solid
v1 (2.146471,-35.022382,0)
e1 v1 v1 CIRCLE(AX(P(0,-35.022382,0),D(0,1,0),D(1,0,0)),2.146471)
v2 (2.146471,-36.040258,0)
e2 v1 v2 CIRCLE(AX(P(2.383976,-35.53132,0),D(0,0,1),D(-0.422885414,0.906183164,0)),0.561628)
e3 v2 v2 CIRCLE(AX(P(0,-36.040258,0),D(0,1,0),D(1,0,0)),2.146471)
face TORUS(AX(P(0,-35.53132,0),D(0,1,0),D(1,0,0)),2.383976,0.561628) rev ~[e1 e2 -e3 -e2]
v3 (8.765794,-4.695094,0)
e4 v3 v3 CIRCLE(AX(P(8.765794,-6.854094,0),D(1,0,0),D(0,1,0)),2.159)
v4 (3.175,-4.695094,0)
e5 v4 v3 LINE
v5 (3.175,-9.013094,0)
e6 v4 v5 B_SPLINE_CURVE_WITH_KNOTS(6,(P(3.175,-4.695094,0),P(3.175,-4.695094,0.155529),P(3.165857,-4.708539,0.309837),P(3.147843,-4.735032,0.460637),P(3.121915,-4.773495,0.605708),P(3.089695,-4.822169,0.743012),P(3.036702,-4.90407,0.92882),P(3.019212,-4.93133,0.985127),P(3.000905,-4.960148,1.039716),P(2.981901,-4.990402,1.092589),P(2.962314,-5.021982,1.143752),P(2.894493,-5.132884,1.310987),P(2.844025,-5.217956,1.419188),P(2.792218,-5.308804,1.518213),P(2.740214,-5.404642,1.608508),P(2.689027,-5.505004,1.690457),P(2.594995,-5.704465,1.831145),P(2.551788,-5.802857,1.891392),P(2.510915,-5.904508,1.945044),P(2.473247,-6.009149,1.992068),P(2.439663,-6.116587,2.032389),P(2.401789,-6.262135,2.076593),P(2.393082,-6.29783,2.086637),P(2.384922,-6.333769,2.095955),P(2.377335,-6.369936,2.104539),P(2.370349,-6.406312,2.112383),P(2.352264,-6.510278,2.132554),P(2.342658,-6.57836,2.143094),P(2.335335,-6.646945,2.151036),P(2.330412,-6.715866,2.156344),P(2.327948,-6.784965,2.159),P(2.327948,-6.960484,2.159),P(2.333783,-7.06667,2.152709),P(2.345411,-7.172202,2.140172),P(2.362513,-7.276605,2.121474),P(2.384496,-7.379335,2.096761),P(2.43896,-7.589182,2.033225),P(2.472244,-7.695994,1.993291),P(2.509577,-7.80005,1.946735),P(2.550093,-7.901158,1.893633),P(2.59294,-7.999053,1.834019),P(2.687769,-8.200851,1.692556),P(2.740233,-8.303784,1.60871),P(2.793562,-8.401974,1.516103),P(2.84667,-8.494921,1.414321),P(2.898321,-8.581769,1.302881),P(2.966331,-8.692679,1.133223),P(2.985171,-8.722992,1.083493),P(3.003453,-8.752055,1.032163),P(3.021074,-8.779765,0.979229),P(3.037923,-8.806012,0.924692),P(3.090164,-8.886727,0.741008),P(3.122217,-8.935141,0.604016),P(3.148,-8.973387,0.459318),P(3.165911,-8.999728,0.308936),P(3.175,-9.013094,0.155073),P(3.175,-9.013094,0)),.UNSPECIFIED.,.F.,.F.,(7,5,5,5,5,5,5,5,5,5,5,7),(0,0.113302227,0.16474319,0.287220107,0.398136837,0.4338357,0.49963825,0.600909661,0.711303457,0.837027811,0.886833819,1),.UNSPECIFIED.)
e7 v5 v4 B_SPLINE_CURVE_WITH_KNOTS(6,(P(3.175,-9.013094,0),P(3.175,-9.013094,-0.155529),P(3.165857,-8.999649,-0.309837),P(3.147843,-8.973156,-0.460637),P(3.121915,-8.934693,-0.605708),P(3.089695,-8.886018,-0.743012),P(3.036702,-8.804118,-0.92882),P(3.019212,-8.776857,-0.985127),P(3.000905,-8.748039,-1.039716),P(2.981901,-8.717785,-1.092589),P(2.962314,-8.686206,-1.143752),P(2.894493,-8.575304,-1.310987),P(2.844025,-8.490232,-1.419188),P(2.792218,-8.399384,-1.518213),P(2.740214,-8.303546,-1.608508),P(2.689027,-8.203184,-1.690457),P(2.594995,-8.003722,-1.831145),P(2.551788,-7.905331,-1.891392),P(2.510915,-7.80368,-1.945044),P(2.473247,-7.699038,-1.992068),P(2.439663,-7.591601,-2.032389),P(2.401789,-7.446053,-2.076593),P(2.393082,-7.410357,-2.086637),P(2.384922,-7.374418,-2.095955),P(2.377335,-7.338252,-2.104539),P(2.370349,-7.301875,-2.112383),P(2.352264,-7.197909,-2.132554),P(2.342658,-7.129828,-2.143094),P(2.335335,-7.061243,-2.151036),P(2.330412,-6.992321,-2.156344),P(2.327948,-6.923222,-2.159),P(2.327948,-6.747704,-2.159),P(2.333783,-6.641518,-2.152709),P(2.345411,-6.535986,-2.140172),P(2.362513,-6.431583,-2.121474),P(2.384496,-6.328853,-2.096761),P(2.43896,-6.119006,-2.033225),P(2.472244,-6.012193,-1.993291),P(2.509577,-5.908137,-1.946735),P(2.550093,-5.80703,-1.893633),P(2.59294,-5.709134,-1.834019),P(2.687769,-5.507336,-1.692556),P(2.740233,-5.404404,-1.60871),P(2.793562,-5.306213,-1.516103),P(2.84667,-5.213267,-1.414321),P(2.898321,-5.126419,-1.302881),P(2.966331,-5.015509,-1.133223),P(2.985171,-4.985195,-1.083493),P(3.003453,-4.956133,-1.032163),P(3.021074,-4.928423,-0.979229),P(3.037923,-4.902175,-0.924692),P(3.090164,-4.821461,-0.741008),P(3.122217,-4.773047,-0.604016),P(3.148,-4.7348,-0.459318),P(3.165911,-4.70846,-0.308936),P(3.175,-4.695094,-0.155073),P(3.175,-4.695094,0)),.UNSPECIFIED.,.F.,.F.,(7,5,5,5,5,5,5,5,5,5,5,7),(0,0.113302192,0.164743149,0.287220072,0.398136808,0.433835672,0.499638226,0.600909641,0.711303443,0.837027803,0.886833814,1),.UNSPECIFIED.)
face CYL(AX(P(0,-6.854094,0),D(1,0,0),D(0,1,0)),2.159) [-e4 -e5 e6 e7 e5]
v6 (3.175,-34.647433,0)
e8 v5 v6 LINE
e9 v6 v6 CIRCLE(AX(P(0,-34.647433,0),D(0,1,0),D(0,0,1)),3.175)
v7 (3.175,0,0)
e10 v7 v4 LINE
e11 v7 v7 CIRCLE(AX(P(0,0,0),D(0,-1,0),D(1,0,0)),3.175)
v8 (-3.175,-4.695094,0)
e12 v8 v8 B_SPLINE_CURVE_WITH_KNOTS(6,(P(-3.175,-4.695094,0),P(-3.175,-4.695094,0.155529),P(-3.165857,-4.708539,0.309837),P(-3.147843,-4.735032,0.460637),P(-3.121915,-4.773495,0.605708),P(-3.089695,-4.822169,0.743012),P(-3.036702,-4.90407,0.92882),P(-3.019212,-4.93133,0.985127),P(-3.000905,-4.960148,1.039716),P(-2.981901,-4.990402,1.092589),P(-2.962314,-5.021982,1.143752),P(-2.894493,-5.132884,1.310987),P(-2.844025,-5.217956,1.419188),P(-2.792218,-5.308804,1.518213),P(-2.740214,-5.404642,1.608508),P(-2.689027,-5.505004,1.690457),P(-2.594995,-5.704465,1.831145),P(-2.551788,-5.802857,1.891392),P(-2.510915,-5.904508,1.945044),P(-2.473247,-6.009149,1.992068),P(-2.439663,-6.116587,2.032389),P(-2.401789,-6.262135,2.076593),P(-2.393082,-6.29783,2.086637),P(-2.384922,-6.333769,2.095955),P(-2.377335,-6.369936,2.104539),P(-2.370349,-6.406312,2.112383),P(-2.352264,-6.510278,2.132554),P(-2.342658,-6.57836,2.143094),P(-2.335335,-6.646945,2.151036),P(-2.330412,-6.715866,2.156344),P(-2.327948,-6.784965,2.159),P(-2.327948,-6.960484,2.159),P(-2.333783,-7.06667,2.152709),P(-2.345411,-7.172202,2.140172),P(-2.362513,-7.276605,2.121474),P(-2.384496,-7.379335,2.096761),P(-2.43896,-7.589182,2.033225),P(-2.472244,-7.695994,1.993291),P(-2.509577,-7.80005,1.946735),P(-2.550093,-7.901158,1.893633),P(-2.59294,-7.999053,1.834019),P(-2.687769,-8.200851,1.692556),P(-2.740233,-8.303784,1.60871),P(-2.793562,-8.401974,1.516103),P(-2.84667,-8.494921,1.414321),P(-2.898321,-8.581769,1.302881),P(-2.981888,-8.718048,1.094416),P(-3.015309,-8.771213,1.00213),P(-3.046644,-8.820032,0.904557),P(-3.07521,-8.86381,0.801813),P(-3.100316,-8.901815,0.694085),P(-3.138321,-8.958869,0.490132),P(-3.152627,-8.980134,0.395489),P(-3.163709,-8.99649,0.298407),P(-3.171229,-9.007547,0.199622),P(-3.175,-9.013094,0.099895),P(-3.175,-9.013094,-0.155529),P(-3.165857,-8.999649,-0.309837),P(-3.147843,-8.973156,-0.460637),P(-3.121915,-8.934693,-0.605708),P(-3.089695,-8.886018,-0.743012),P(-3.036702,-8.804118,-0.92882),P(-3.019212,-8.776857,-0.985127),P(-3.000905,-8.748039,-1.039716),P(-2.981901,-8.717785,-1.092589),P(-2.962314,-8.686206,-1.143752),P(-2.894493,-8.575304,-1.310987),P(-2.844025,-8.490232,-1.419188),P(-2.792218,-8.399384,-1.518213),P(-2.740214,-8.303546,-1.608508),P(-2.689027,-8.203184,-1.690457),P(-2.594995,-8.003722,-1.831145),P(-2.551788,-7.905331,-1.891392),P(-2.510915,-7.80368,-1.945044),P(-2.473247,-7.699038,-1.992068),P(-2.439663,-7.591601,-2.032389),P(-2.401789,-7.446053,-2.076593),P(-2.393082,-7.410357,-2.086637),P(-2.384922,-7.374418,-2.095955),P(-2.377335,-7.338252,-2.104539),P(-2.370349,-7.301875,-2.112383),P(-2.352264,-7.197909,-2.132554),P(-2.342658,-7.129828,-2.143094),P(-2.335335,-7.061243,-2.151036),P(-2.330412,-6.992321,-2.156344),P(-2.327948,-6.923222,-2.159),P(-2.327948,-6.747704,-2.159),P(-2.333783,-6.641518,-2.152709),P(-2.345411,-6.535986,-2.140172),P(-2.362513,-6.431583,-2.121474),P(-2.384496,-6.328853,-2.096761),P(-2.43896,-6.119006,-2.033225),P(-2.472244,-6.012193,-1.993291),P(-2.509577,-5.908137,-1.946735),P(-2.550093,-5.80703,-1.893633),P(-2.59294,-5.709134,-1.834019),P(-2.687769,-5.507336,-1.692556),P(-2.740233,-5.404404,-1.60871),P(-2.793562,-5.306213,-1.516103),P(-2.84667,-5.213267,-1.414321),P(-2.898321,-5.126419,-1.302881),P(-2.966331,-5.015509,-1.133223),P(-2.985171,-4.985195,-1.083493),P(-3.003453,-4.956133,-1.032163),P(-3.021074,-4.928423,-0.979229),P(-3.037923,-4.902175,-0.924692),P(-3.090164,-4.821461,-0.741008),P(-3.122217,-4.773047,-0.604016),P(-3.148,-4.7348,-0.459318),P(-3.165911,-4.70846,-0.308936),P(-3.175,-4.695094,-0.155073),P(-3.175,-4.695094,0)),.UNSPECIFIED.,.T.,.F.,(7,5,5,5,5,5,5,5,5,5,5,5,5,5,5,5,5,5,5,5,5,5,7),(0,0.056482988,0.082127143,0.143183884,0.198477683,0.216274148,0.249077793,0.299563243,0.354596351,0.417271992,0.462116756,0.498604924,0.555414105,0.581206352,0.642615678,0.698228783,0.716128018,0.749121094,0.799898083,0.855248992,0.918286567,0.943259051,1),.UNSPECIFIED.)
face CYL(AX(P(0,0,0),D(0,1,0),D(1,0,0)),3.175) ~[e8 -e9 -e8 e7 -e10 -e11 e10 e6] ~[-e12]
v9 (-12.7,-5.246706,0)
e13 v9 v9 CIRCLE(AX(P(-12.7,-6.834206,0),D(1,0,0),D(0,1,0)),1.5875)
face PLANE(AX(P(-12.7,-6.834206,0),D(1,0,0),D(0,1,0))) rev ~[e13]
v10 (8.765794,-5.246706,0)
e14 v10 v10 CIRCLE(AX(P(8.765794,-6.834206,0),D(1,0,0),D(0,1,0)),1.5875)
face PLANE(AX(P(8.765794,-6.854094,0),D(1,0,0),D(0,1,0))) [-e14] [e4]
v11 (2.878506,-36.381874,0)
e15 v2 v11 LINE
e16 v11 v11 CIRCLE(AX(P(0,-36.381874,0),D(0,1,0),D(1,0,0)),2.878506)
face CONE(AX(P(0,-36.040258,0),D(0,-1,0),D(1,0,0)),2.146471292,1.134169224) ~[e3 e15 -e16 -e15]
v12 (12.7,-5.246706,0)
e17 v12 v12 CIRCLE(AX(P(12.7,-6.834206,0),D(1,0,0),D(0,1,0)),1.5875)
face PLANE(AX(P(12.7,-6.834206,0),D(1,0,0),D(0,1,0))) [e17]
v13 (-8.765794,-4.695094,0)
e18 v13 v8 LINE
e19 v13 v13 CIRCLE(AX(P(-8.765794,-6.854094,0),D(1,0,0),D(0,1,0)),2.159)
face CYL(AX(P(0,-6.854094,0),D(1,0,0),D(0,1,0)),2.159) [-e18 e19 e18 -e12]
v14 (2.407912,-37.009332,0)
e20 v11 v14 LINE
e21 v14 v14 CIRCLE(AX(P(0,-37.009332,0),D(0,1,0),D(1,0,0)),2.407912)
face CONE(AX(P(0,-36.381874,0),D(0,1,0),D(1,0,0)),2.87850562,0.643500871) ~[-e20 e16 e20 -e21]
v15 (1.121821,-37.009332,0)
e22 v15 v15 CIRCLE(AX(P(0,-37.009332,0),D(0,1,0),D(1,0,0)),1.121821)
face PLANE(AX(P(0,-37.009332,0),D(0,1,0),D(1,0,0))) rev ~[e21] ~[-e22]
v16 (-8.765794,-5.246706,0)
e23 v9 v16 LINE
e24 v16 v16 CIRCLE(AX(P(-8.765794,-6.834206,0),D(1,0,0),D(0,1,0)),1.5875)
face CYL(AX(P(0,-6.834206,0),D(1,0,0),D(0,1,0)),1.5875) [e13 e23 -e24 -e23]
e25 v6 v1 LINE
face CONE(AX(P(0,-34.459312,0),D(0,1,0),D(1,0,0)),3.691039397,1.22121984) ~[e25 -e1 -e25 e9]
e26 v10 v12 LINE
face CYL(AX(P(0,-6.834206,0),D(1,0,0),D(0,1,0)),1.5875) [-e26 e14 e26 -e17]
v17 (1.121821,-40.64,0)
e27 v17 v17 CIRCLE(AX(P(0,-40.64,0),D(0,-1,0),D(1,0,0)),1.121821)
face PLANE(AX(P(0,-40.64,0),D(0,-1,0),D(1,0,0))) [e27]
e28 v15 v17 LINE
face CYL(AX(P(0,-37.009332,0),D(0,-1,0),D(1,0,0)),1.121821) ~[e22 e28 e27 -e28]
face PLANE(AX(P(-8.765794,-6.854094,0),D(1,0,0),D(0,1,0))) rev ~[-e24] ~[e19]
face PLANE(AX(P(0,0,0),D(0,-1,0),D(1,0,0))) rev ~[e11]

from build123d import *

# Parameters (mm, degrees)
F0_R     = 3.175
F1_DEPTH = 40.64
F4_R     = 2.159
F5_DEPTH = 8.765794
F6_R     = 1.5875
F7_DEPTH = 12.7


with BuildPart() as f1:
    # F0 (on Front) → F1 (new body)
    with BuildSketch(Plane.XZ):
        Circle(F0_R)
    extrude(amount=F1_DEPTH)

    # F2 (on Top) → F3 (revolve, cut)
    with BuildSketch(Plane.XY):
        with BuildLine():
            Line((2.4847375462, -48.6786328256), (2.4847375462, -48.4504029155))
            Line((2.4847375462, -48.4504029155), (3.6910393974, -48.4504029155))
            Line((3.6910393974, -48.4504029155), (3.6910393974, -34.4593115151))
            Line((3.6910393974, -34.4593115151), (2.1464712918, -35.0223816931))
            ThreePointArc((2.1464712918, -35.0223816931), (1.8223472959, -35.5313199787), (2.1464712918, -36.0402582643))
            Line((2.1464712918, -36.0402582643), (2.8785056202, -36.3818742335))
            Line((2.8785056202, -36.3818742335), (2.4079122813, -37.009332329))
            Line((2.4079122813, -37.009332329), (1.121821173, -37.009332329))
            Line((1.121821173, -37.009332329), (1.121821173, -46.976801008))
            Line((1.121821173, -46.976801008), (2.4847375462, -48.6786328256))
        make_face()
    revolve(axis=Axis((0, -45.1813880354, 0), (0, 1, 0)), mode=Mode.SUBTRACT)

    # F4 (on Right) → F5 (join, symmetric)
    with BuildSketch(Plane.YZ):
        with Locations((-6.8540938167, 0)):
            Circle(F4_R)
    extrude(amount=F5_DEPTH, both=True)

    # F6 (on Right) → F7 (join, symmetric)
    with BuildSketch(Plane.YZ):
        with Locations((-6.8342058709, 0)):
            Circle(F6_R)
    extrude(amount=F7_DEPTH, both=True)


solid = f1.part
